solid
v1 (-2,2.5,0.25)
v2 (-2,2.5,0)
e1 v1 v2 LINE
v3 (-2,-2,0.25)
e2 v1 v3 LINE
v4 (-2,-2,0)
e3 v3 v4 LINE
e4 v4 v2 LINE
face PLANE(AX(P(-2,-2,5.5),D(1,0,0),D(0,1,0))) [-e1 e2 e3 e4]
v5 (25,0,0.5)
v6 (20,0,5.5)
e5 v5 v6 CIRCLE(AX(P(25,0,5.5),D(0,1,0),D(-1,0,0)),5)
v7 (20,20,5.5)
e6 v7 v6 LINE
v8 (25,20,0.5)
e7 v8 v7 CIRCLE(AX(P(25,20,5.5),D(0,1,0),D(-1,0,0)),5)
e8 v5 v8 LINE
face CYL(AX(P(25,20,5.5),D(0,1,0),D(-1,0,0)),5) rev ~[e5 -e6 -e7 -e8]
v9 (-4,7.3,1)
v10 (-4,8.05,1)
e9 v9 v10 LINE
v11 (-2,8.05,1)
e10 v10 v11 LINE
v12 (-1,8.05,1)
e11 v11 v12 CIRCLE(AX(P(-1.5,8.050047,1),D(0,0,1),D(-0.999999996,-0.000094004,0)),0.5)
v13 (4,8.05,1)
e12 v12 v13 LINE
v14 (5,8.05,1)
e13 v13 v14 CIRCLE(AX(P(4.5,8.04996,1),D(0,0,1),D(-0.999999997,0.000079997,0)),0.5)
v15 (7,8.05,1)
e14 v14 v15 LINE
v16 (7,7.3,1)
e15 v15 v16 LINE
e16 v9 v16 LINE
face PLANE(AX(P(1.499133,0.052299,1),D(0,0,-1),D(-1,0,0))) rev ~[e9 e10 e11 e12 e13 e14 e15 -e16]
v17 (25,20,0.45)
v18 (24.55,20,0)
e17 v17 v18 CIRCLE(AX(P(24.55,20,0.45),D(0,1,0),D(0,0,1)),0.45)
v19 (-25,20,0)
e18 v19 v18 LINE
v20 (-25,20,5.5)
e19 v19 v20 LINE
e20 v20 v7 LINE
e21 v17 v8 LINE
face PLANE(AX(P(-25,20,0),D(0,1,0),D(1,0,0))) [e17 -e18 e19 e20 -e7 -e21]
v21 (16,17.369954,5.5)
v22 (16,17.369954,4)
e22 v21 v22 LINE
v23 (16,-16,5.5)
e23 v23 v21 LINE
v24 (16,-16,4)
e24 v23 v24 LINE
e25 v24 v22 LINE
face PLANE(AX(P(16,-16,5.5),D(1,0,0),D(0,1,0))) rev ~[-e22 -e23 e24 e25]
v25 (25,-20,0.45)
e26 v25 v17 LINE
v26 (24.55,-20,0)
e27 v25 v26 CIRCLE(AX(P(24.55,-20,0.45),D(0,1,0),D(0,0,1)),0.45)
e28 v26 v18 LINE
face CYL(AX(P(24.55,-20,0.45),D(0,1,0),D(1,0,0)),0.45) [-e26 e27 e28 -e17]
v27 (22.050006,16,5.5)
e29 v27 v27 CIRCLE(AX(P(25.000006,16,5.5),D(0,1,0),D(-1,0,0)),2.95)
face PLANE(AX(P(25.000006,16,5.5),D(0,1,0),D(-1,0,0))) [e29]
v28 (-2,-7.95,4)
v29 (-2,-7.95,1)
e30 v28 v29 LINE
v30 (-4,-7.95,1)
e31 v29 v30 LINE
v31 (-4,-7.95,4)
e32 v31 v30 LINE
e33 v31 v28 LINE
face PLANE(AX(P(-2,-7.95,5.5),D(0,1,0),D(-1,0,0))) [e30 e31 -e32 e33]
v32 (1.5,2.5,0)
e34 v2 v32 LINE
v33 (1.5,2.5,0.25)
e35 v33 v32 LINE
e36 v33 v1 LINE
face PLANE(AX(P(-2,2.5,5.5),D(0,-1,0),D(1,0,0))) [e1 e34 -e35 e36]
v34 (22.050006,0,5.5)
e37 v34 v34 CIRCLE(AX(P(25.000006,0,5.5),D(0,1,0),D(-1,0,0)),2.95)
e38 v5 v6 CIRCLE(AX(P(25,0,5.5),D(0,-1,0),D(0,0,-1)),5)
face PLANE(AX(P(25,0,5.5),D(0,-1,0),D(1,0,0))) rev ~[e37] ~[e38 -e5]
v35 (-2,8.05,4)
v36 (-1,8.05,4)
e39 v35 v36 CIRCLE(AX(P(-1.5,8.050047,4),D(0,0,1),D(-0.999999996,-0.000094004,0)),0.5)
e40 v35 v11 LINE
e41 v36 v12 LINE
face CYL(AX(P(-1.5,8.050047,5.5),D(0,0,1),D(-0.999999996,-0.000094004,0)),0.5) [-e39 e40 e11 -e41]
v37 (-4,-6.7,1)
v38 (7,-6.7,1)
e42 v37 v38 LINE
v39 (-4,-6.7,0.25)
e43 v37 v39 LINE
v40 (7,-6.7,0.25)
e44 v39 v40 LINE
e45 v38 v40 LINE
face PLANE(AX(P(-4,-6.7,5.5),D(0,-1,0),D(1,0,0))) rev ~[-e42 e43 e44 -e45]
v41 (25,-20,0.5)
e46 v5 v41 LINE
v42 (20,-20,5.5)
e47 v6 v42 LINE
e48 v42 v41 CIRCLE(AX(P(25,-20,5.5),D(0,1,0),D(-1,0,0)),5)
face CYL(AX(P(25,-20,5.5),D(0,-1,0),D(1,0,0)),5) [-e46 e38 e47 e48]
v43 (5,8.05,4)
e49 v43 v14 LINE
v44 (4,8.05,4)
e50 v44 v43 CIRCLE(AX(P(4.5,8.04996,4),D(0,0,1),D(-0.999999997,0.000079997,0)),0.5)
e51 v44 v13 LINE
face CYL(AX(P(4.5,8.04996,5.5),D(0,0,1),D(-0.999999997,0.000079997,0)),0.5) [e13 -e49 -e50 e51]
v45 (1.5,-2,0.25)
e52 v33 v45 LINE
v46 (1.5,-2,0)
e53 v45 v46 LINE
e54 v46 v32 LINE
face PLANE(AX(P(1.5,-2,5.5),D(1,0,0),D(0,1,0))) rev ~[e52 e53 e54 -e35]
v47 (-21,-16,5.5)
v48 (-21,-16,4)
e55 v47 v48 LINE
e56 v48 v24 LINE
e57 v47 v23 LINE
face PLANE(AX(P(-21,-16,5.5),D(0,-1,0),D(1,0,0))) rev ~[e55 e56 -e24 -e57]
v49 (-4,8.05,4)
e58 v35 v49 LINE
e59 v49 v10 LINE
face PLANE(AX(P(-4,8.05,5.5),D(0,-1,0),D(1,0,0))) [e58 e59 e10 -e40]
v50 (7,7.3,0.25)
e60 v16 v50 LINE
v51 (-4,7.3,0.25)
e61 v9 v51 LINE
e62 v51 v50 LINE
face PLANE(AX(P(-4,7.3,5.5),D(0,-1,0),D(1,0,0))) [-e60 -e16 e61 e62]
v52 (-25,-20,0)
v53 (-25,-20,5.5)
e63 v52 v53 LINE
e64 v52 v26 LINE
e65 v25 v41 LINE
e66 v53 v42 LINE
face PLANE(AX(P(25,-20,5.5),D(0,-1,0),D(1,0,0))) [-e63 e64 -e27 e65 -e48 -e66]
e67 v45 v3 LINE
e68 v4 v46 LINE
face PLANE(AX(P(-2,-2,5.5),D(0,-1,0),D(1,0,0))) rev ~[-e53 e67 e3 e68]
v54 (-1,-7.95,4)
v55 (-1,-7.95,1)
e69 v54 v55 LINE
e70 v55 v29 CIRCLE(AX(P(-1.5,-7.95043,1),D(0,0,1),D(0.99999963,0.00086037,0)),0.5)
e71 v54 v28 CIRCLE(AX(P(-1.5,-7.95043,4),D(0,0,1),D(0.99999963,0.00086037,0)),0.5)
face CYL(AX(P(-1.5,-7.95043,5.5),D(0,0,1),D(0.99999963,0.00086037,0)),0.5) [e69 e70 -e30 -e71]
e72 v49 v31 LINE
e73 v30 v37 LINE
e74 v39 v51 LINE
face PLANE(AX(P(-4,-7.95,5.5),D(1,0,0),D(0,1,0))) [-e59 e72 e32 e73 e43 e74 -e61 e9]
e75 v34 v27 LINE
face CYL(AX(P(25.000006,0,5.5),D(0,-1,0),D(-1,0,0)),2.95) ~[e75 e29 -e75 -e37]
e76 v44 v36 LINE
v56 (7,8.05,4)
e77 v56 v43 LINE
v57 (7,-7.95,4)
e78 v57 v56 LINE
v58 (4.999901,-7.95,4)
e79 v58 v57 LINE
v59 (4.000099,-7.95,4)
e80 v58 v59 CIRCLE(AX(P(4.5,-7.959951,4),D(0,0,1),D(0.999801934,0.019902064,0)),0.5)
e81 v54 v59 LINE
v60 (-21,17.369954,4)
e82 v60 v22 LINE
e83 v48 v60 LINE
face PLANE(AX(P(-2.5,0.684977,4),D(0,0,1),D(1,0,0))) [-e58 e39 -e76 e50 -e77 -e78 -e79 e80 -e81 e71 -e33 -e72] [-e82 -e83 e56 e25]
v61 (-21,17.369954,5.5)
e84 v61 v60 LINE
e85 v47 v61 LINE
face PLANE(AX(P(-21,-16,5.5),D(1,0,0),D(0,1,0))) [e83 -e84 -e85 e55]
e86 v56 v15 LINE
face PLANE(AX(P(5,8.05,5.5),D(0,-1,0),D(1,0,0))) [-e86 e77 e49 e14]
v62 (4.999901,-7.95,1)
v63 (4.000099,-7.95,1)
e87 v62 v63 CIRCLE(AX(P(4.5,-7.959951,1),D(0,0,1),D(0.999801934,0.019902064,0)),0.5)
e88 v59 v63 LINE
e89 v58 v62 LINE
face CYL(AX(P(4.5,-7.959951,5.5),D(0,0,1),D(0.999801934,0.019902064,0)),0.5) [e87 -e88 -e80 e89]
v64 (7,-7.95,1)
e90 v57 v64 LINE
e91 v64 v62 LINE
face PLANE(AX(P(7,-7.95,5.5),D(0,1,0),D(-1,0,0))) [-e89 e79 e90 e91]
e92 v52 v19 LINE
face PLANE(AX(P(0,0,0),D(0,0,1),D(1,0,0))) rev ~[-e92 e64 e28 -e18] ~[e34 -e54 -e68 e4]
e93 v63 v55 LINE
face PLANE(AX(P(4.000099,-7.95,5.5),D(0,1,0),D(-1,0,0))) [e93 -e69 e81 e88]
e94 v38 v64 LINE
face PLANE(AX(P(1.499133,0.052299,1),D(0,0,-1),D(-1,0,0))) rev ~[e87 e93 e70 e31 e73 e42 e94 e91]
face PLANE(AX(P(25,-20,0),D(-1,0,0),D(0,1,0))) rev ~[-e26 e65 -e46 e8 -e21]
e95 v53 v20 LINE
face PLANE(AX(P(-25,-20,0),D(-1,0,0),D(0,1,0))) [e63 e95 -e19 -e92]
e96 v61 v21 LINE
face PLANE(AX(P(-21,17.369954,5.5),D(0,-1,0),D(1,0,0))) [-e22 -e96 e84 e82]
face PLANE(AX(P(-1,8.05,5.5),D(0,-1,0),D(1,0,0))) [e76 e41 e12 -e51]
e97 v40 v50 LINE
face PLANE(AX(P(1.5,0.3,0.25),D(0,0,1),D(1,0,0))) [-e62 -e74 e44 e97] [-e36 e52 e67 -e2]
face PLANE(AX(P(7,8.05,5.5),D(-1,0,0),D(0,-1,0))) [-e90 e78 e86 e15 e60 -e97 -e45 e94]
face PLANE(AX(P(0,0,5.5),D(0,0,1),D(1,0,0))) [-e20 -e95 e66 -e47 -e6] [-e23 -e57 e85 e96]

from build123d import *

# Parameters (mm, degrees)
SKETCH_W        = 50
SKETCH_H        = 40
PAD_DEPTH       = 5.5
SKETCH004_W     = 3.5
SKETCH004_H     = 4.5
POCKET_DEPTH    = 5.501
SKETCH005_W     = 11
SKETCH005_H     = 14
POCKET001_DEPTH = 5.25
POCKET002_DEPTH = 4.5
SKETCH008_R     = 5
PAD001_DEPTH    = 20
SKETCH009_R     = 5
HOLE_DEPTH      = 20
FILLET_R        = 0.45
SKETCH010_W     = 37
SKETCH010_H     = 33.369954
POCKET003_DEPTH = 1.5
SKETCH012_R     = 2.95
PAD002_DEPTH    = 16


with BuildPart() as part:
    # Sketch → Pad (new body)
    with BuildSketch(Plane.XY):
        Rectangle(SKETCH_W, SKETCH_H)
    extrude(amount=PAD_DEPTH)

    # Sketch004 (on Face6 of Pad) → Pocket (cut, through all)
    with BuildSketch(Plane.XY.offset(5.5)):
        with Locations((-0.25, 0.25)):
            Rectangle(SKETCH004_W, SKETCH004_H)
    extrude(amount=-POCKET_DEPTH, mode=Mode.SUBTRACT)

    # Sketch005 (on Face5 of Pocket) → Pocket001 (cut)
    with BuildSketch(Plane.XY.offset(5.5)):
        with Locations((1.5, 0.3)):
            Rectangle(SKETCH005_W, SKETCH005_H)
    extrude(amount=-POCKET001_DEPTH, mode=Mode.SUBTRACT)

    # Sketch007 (on Face5 of Pocket001) → Pocket002 (cut)
    with BuildSketch(Plane.XY.offset(5.5)):
        with BuildLine():
            Line((-4, 8.05), (-2, 8.05))
            ThreePointArc((-2, 8.05), (-1.5, 7.550047), (-1, 8.05))
            Line((-1, 8.05), (4, 8.05))
            ThreePointArc((4, 8.05), (4.5, 7.54996), (5, 8.05))
            Line((5, 8.05), (7, 8.05))
            Line((7, 8.05), (7, -7.95))
            Line((7, -7.95), (4.999901, -7.95))
            ThreePointArc((4.999901, -7.95), (4.5, -7.459951), (4.000099, -7.95))
            Line((4.000099, -7.95), (-1, -7.95))
            ThreePointArc((-1, -7.95), (-1.5, -7.45043), (-2, -7.95))
            Line((-2, -7.95), (-4, -7.95))
            Line((-4, -7.95), (-4, 8.05))
        make_face()
    extrude(amount=-POCKET002_DEPTH, mode=Mode.SUBTRACT)

    # Sketch008 (on Face6 of Pocket002) → Pad001 (join)
    with BuildSketch(Plane.XZ.offset(20)):
        with Locations((25, 5.5)):
            Circle(SKETCH008_R)
    extrude(amount=-PAD001_DEPTH)

    # Sketch009 (on Face1 of Pad001) → Hole (cut)
    with BuildSketch(Plane(origin=(0, 20, 0), x_dir=(-1, 0, 0), z_dir=(0, 1, 0))):
        with Locations((-25, 5.5)):
            Circle(SKETCH009_R)
    extrude(amount=-HOLE_DEPTH, mode=Mode.SUBTRACT)

    # Fillet
    fillet_edges = [part.edges().sort_by_distance(p)[0] for p in [
        (25, 0, 0),
    ]]
    fillet(fillet_edges, radius=FILLET_R)

    # Sketch010 (on Face6 of Fillet) → Pocket003 (cut)
    with BuildSketch(Plane.XY.offset(5.5)):
        with Locations((-2.5, 0.684977)):
            Rectangle(SKETCH010_W, SKETCH010_H)
    extrude(amount=-POCKET003_DEPTH, mode=Mode.SUBTRACT)

    # Sketch012 (on Face22 of Pocket003) → Pad002 (join)
    with BuildSketch(Plane(origin=(0, 0, 0), x_dir=(-1, 0, 0), z_dir=(0, 1, 0))):
        with Locations((-25.000006, 5.5)):
            Circle(SKETCH012_R)
    extrude(amount=PAD002_DEPTH)


solid = part.part
